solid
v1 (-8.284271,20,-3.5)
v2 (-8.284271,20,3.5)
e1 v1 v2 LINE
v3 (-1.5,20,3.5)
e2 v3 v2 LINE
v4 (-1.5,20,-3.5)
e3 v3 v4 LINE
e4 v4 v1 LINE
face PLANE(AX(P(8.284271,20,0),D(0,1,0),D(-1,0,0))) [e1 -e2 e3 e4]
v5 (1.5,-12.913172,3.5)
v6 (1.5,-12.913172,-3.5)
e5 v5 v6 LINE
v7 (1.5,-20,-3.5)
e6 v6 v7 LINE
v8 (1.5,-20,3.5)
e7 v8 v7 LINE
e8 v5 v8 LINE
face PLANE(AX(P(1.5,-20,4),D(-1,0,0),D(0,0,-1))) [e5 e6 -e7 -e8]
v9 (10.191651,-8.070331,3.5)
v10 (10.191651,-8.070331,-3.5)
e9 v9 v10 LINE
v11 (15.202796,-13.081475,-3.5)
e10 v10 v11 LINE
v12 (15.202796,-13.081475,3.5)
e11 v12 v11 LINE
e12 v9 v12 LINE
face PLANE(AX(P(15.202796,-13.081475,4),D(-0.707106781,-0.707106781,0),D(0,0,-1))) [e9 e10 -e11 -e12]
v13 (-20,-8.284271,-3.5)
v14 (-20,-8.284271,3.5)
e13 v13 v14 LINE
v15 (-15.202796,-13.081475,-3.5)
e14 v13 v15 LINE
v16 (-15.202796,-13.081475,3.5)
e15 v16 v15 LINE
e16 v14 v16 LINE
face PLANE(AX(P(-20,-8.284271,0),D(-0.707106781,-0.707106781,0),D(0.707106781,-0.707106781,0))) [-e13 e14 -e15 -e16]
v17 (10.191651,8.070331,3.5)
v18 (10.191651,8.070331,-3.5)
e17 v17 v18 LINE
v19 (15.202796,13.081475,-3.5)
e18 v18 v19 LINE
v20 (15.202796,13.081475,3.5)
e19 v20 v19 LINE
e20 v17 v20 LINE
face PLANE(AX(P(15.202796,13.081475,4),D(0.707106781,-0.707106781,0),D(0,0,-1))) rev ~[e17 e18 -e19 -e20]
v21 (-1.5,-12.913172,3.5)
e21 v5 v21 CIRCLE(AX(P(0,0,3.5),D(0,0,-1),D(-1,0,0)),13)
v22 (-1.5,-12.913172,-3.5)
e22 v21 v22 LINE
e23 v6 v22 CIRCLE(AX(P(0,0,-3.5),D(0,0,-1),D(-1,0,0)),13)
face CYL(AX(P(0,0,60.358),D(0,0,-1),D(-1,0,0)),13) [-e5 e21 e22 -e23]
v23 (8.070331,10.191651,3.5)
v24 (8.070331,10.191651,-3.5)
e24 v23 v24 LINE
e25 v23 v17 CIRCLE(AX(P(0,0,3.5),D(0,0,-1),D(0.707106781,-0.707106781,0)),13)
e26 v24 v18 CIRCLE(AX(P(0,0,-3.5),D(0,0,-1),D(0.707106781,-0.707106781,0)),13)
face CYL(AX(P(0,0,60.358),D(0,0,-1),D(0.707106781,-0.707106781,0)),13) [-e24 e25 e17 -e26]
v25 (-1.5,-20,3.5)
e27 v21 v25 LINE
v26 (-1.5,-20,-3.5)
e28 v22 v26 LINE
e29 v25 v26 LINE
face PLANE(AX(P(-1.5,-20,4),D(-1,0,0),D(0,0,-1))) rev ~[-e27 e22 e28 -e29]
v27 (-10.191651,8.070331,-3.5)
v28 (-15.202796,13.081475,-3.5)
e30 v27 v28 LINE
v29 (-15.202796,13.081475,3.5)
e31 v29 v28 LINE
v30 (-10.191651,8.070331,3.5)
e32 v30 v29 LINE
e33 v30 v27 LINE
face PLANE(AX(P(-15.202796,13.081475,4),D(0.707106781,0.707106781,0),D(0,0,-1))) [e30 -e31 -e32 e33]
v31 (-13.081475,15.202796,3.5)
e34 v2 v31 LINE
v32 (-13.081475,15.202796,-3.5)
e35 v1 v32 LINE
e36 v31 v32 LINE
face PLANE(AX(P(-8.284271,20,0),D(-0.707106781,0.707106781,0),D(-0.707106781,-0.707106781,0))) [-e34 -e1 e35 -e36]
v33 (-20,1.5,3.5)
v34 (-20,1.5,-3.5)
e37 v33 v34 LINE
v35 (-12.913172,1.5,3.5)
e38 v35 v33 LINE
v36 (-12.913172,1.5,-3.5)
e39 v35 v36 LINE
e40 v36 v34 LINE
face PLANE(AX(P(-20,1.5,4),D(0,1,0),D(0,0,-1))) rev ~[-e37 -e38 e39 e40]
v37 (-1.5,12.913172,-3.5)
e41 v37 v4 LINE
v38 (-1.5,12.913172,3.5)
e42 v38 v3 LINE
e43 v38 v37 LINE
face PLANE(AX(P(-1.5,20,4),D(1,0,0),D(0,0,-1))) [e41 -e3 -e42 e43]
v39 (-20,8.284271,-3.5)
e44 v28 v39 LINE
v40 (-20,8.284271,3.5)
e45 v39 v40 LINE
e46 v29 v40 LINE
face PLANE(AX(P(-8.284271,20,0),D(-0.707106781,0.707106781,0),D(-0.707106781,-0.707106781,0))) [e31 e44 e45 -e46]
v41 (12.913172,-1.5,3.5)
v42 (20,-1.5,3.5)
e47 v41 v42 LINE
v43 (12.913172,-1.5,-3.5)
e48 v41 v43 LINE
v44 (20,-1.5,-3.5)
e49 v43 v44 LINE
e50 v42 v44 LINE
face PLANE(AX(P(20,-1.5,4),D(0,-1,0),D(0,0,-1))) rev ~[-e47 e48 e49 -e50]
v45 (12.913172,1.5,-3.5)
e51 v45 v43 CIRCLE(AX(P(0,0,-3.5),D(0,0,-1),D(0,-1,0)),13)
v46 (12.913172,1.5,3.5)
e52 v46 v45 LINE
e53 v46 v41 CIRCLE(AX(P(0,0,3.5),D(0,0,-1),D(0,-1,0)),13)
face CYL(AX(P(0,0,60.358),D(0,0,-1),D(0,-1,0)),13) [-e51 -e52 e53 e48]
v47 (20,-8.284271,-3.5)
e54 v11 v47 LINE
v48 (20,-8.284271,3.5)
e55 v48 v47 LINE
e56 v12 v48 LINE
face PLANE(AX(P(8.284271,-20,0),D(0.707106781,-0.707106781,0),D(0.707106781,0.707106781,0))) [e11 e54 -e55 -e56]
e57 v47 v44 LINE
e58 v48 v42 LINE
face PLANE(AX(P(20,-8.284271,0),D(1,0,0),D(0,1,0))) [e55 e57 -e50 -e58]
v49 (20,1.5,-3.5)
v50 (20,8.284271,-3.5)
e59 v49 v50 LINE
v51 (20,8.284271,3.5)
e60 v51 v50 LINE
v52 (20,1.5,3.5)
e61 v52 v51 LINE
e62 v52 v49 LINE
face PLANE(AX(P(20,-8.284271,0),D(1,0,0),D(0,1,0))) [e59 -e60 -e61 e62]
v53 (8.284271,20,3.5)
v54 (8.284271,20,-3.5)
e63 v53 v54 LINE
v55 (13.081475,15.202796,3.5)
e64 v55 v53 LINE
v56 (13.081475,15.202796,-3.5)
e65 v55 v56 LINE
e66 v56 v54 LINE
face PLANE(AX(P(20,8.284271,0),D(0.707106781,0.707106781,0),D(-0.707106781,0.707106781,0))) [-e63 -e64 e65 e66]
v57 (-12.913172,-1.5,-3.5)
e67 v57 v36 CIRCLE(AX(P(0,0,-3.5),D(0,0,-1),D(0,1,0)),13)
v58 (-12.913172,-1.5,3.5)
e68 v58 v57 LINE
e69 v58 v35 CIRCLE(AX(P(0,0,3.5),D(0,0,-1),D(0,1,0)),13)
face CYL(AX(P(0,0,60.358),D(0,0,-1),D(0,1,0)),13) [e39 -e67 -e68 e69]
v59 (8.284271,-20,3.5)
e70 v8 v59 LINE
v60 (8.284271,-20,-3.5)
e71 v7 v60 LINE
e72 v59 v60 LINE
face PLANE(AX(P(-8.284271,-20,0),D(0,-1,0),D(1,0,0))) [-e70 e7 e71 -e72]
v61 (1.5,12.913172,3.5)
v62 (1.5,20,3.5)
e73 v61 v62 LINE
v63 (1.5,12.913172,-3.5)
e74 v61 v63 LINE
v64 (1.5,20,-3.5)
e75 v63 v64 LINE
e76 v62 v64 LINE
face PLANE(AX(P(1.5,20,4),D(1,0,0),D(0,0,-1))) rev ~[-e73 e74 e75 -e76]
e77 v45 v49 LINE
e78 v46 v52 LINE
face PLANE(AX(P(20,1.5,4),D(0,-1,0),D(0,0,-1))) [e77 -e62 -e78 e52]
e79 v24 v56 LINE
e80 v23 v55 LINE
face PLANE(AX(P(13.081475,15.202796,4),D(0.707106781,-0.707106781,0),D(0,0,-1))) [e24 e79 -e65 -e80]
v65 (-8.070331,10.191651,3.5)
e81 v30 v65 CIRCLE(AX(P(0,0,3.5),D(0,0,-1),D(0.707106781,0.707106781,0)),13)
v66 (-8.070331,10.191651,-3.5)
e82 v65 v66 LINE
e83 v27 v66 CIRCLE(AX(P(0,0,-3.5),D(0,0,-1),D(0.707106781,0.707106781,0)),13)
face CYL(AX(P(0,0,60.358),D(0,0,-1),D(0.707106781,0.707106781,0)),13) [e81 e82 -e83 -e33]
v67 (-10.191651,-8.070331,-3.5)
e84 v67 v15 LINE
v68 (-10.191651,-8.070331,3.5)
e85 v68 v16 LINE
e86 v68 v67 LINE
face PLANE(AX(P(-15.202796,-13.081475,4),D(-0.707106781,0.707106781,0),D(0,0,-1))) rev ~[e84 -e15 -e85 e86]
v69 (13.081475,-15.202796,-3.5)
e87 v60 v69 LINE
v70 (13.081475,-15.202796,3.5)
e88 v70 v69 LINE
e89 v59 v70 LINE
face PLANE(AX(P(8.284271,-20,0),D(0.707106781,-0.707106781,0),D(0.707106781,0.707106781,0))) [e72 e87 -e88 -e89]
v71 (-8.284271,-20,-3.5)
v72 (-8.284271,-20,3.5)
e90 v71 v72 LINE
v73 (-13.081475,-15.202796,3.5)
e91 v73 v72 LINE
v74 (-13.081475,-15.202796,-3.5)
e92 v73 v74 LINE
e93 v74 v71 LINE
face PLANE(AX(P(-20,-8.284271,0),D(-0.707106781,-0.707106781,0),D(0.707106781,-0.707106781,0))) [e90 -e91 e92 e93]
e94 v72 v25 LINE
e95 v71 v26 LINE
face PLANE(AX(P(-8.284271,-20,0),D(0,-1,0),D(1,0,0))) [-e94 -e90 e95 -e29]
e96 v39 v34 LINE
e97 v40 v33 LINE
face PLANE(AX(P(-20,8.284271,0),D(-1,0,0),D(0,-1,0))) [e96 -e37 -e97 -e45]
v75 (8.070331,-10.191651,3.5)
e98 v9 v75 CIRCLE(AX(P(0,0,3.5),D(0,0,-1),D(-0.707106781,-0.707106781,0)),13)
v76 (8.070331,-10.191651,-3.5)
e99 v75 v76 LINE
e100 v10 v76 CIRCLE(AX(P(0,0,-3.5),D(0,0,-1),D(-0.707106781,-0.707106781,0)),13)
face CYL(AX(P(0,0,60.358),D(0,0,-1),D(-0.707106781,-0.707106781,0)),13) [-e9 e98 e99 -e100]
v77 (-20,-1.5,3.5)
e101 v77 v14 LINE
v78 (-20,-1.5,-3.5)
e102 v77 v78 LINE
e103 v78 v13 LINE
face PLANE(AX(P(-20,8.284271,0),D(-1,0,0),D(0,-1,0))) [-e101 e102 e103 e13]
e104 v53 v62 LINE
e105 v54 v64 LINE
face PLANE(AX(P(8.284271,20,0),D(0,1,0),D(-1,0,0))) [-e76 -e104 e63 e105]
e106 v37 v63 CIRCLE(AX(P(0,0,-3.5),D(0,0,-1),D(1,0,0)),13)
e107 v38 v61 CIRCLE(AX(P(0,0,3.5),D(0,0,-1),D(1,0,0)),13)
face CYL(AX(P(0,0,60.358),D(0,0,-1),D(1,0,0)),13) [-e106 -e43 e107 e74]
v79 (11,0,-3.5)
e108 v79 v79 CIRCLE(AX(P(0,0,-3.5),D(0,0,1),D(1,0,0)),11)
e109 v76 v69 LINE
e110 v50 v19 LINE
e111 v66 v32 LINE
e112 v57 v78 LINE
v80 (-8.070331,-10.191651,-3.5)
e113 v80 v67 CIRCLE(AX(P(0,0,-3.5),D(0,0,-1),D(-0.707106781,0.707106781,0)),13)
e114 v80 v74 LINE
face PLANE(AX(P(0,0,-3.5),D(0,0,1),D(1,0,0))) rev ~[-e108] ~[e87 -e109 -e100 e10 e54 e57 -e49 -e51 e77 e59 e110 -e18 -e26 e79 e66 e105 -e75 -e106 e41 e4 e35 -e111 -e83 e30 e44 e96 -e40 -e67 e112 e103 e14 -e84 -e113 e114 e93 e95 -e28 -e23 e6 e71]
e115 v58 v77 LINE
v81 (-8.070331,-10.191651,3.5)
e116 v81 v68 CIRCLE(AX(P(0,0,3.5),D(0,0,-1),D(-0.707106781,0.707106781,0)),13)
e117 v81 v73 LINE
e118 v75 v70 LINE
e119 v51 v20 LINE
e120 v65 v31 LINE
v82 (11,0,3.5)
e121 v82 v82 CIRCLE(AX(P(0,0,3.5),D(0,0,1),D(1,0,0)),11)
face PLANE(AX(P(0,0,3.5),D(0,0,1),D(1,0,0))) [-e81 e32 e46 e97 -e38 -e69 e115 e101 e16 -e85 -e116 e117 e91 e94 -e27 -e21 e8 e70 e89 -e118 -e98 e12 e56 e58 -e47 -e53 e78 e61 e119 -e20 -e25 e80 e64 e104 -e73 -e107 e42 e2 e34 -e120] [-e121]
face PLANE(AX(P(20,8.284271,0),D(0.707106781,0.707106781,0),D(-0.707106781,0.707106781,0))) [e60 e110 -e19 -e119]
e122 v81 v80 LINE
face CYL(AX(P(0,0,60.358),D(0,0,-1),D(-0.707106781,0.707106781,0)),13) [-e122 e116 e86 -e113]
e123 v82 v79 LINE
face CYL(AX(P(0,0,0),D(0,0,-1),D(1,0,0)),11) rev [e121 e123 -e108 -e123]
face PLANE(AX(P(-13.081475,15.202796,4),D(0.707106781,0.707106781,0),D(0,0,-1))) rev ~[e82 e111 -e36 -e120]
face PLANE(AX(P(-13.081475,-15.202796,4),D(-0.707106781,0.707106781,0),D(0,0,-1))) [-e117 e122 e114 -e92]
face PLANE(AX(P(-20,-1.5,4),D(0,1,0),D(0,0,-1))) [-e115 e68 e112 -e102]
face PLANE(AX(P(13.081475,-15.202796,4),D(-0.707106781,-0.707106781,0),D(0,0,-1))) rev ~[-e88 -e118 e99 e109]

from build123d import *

# Parameters (mm, degrees)
SKETCH1_R               = 11
BOSS_EXTRUDE1_DEPTH     = 3.5
CUT_EXTRUDE3_REACH      = 46.858
CUT_EXTRUDE3_END_RADIUS = 13
SKETCH2_W               = 3
SKETCH2_H               = 8
CIRPATTERN1_COUNT       = 8


with BuildPart() as part:
    # Sketch1 → Boss-Extrude1 (new, symmetric)
    with BuildSketch(Plane.XY):
        Polygon((8.284271247, 20), (-8.284271247, 20), (-20, 8.284271247), (-20, -8.284271247), (-8.284271247, -20), (8.284271247, -20), (20, -8.284271247), (20, 8.284271247), align=None)
        Circle(SKETCH1_R, mode=Mode.SUBTRACT)
    extrude(amount=BOSS_EXTRUDE1_DEPTH, both=True)

    # Cut-Extrude3: up to this cylinder (the profile starts outside it)
    cut_extrude3_end = Plane(origin=(0, 0, 0), z_dir=(0, 0, -1)) * Cylinder(CUT_EXTRUDE3_END_RADIUS, 120.716, mode=Mode.PRIVATE)
    # Sketch2 → Cut-Extrude3 (cut, up to the surface)
    with BuildSketch(Plane(origin=(0, -20, 0), x_dir=(-1, 0, 0), z_dir=(0, -1, 0)), mode=Mode.PRIVATE) as cut_extrude3_sk1:
        Rectangle(SKETCH2_W, SKETCH2_H)
    cut_extrude3_tool1 = extrude(cut_extrude3_sk1.sketch, amount=-CUT_EXTRUDE3_REACH, mode=Mode.PRIVATE) - cut_extrude3_end
    cut_extrude3 = cut_extrude3_tool1.solids().sort_by_distance((0, -20, 0))[0]
    add(cut_extrude3, mode=Mode.SUBTRACT)

    # CirPattern1: Cut-Extrude3 ×8 about axis
    cirpattern1_axis = Axis((0, 0, 0), (0, 0, 1))
    for i in range(1, CIRPATTERN1_COUNT):
        add(cut_extrude3.rotate(cirpattern1_axis, i * 360 / CIRPATTERN1_COUNT), mode=Mode.SUBTRACT)


solid = part.part
